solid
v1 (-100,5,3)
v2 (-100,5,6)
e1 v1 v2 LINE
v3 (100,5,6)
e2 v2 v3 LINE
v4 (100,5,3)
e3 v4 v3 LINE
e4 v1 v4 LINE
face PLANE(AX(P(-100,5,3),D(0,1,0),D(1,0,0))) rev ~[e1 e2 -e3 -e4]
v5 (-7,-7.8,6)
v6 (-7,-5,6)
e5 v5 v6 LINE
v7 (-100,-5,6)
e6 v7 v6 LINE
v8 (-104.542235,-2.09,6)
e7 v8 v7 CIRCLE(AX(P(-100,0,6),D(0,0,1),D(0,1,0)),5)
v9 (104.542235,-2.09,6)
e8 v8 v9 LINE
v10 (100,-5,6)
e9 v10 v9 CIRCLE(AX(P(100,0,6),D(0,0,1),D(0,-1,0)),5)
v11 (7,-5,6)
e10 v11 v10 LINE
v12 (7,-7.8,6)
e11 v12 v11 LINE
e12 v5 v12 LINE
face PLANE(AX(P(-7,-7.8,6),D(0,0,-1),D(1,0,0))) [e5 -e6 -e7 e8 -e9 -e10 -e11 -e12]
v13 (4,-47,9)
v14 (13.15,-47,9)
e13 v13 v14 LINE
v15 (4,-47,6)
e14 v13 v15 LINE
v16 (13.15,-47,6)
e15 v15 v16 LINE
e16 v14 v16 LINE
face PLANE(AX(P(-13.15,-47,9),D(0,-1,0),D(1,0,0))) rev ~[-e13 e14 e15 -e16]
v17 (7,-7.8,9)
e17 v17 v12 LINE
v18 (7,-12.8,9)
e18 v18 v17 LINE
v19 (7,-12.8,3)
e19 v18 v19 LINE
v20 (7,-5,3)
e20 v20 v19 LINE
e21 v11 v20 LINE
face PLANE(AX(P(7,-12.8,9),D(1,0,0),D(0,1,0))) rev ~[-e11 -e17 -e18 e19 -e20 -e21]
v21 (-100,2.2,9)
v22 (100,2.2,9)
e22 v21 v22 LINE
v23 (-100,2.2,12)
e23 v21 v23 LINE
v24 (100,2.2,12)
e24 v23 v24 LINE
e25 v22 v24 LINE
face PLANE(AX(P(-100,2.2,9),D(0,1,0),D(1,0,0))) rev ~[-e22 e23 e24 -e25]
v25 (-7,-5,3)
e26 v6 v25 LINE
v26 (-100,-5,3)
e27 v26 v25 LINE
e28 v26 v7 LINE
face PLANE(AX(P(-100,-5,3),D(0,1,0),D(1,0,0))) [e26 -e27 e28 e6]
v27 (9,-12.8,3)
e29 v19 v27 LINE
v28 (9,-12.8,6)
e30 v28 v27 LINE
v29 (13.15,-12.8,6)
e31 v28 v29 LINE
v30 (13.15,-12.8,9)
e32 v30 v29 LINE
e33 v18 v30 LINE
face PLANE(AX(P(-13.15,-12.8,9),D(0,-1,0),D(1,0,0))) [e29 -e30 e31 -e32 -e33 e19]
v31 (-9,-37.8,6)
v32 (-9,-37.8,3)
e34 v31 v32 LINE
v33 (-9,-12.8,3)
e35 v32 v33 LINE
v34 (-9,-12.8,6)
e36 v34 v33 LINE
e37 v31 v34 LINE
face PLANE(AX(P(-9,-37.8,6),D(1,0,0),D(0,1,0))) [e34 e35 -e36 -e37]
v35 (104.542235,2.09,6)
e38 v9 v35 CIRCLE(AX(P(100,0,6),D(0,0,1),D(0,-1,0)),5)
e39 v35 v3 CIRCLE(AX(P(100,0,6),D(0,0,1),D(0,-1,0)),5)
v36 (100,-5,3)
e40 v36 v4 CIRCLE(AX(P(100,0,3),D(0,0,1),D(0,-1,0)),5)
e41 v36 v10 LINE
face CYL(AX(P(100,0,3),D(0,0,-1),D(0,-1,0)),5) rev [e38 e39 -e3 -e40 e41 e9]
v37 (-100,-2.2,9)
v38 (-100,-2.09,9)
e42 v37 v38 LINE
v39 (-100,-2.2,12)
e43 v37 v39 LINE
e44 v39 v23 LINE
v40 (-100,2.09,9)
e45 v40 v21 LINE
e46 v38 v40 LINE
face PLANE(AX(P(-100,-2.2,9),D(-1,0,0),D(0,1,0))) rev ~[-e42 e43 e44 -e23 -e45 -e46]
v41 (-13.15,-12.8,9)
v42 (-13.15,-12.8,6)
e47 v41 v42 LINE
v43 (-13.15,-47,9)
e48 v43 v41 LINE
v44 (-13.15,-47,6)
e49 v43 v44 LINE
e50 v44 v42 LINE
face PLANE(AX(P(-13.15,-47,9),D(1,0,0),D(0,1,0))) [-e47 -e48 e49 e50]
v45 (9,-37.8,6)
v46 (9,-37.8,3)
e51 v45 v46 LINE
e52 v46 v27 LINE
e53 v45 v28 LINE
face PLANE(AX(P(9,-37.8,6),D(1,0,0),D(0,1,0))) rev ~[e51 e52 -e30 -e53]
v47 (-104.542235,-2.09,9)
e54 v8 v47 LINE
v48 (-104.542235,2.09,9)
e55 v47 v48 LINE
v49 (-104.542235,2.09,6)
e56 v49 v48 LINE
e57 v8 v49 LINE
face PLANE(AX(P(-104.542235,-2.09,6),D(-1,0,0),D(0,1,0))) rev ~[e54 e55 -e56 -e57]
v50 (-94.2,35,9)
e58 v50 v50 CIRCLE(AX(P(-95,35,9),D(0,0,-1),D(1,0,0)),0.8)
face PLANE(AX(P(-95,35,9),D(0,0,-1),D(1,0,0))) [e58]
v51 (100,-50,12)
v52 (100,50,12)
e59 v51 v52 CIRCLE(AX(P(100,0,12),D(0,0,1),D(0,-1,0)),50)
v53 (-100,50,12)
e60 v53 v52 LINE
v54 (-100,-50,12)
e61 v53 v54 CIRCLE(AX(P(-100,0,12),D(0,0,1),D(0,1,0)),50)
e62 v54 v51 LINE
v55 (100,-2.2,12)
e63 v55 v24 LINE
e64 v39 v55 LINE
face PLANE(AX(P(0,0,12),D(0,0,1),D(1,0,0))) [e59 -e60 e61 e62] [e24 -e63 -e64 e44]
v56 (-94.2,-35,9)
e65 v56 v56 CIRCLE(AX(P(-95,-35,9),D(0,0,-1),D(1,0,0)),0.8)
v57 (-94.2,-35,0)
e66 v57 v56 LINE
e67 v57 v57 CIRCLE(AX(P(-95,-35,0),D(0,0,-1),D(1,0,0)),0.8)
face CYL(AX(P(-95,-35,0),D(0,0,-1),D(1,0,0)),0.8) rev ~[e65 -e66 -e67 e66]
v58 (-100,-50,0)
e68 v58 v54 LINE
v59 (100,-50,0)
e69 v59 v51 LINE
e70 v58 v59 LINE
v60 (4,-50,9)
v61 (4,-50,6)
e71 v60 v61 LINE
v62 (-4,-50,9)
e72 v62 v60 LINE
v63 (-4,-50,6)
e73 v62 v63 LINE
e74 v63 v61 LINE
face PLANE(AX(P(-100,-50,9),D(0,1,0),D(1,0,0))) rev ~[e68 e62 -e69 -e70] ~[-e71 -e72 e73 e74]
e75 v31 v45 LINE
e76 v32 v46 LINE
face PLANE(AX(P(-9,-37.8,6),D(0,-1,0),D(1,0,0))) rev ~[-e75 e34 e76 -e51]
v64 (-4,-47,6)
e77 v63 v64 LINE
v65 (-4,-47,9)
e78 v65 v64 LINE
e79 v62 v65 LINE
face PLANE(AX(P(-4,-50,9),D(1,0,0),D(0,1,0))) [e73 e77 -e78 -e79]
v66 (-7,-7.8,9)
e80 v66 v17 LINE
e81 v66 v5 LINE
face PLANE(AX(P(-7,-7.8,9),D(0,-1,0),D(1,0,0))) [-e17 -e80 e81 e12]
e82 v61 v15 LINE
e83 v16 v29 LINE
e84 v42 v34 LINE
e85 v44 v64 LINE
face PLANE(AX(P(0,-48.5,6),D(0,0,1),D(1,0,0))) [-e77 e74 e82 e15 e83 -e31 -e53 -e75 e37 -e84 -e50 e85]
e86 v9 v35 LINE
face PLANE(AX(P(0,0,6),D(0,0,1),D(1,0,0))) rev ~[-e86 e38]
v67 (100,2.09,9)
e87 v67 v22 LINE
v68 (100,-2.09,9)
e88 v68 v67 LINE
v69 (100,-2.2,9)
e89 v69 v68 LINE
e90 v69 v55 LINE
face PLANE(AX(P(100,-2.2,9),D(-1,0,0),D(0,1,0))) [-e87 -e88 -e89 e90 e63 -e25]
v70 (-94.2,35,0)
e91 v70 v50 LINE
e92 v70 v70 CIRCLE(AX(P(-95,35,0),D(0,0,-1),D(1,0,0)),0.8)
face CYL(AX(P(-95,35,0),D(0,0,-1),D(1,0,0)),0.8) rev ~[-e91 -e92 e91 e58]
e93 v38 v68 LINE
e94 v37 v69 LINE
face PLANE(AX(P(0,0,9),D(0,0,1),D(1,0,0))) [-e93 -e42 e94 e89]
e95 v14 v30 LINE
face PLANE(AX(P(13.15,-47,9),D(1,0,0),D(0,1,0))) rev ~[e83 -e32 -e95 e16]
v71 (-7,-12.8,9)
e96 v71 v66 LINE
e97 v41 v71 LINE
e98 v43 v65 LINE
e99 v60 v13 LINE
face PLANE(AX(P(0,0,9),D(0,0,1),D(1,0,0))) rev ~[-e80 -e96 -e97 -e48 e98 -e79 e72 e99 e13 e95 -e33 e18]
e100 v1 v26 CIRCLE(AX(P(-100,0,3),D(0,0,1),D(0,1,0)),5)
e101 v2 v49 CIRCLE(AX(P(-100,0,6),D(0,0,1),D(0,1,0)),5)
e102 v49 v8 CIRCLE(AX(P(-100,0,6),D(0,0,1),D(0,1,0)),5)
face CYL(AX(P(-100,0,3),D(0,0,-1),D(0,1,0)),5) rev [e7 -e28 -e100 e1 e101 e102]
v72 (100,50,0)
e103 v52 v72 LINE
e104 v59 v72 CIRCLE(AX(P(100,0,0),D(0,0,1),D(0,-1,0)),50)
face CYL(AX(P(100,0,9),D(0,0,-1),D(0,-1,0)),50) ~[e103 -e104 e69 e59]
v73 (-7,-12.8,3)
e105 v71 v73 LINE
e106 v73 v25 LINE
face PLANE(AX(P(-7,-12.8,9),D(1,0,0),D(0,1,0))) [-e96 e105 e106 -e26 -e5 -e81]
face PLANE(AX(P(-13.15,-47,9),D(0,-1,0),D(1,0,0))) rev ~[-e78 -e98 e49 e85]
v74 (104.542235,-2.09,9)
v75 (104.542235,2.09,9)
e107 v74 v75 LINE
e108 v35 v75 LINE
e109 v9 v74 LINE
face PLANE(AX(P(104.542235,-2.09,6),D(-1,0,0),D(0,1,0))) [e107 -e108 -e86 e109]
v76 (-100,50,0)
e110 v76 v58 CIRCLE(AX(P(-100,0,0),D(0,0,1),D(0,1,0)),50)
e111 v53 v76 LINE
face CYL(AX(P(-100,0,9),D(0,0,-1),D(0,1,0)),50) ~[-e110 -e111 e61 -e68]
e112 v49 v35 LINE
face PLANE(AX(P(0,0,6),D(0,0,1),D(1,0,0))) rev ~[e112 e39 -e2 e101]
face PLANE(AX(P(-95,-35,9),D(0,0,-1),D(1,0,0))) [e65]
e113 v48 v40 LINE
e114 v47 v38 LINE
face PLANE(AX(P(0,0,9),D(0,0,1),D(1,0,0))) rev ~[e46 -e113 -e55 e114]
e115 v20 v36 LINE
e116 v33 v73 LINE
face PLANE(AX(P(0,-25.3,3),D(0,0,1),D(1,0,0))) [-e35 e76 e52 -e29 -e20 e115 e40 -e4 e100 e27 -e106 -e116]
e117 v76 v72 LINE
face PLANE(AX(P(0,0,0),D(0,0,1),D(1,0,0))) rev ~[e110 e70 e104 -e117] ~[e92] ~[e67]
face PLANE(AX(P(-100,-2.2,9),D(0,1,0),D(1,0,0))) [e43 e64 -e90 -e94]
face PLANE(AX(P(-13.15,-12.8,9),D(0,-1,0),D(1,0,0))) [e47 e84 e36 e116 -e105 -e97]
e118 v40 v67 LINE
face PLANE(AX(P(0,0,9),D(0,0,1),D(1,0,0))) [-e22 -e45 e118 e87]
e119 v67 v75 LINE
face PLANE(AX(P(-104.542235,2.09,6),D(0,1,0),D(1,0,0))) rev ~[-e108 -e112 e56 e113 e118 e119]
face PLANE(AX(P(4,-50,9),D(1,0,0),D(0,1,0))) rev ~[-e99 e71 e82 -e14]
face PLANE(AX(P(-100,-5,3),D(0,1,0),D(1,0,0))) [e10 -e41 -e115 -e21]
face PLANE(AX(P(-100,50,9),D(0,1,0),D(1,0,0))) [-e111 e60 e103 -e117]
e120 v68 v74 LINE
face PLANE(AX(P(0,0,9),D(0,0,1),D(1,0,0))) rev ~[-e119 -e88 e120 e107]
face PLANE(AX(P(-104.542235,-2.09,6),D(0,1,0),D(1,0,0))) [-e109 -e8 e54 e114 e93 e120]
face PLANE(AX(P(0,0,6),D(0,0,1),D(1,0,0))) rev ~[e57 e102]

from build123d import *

# Parameters (mm, degrees)
PAD_DEPTH       = 3
PAD001_DEPTH    = 3
SKETCH002_W     = 209.08447
SKETCH002_H     = 4.18
PAD002_DEPTH    = 3
SKETCH003_W     = 26.3
SKETCH003_H     = 34.2
POCKET_DEPTH    = 3
SKETCH004_W     = 18
SKETCH004_H     = 25
POCKET001_DEPTH = 3
SKETCH005_W     = 14
SKETCH005_H     = 5
POCKET002_DEPTH = 6
SKETCH006_W     = 14
SKETCH006_H     = 3
POCKET003_DEPTH = 3
SKETCH007_W     = 8
SKETCH007_H     = 3
POCKET004_DEPTH = 3
SKETCH008_W     = 200
SKETCH008_H     = 4.4
PAD003_DEPTH    = 3
SKETCH009_R     = 0.8
POCKET005_DEPTH = 9


with BuildPart() as part:
    # Sketch → Pad (new body)
    with BuildSketch(Plane.XY):
        with BuildLine():
            ThreePointArc((-100, 50), (-150, 0), (-100, -50))
            Line((-100, -50), (100, -50))
            ThreePointArc((100, -50), (150, 0), (100, 50))
            Line((-100, 50), (100, 50))
        make_face()
    extrude(amount=PAD_DEPTH)

    # Sketch001 (on Face6 of Pad) → Pad001 (join)
    with BuildSketch(Plane.XY.offset(3)):
        with BuildLine():
            ThreePointArc((-100, 50), (-150, 0), (-100, -50))
            Line((-100, -50), (100, -50))
            ThreePointArc((100, -50), (150, 0), (100, 50))
            Line((-100, 50), (100, 50))
        make_face()
        with BuildLine():
            ThreePointArc((-100, 5), (-105, 0), (-100, -5))
            Line((-100, -5), (100, -5))
            ThreePointArc((100, -5), (105, 0), (100, 5))
            Line((-100, 5), (100, 5))
        make_face(mode=Mode.SUBTRACT)
    extrude(amount=PAD001_DEPTH)

    # Sketch002 (on Face9 of Pad001) → Pad002 (join)
    with BuildSketch(Plane.XY.offset(6)):
        with BuildLine():
            ThreePointArc((-100, 50), (-150, 0), (-100, -50))
            Line((-100, -50), (100, -50))
            ThreePointArc((100, -50), (150, 0), (100, 50))
            Line((-100, 50), (100, 50))
        make_face()
        Rectangle(SKETCH002_W, SKETCH002_H, mode=Mode.SUBTRACT)
    extrude(amount=PAD002_DEPTH)

    # Sketch003 (on Face13 of Pad002) → Pocket (cut)
    with BuildSketch(Plane.XY.offset(9)):
        with Locations((0, -29.9)):
            Rectangle(SKETCH003_W, SKETCH003_H)
    extrude(amount=-POCKET_DEPTH, mode=Mode.SUBTRACT)

    # Sketch004 (on Face27 of Pocket) → Pocket001 (cut)
    with BuildSketch(Plane.XY.offset(6)):
        with Locations((0, -25.3)):
            Rectangle(SKETCH004_W, SKETCH004_H)
    extrude(amount=-POCKET001_DEPTH, mode=Mode.SUBTRACT)

    # Sketch005 (on Face13 of Pocket001) → Pocket002 (cut)
    with BuildSketch(Plane.XY.offset(9)):
        with Locations((0, -10.3)):
            Rectangle(SKETCH005_W, SKETCH005_H)
    extrude(amount=-POCKET002_DEPTH, mode=Mode.SUBTRACT)

    # Sketch006 (on Face23 of Pocket002) → Pocket003 (cut)
    with BuildSketch(Plane.XZ.offset(7.8)):
        with Locations((0, 4.5)):
            Rectangle(SKETCH006_W, SKETCH006_H)
    extrude(amount=-POCKET003_DEPTH, mode=Mode.SUBTRACT)

    # Sketch007 (on Face13 of Pocket003) → Pocket004 (cut)
    with BuildSketch(Plane.XY.offset(9)):
        with Locations((0, -48.5)):
            Rectangle(SKETCH007_W, SKETCH007_H)
    extrude(amount=-POCKET004_DEPTH, mode=Mode.SUBTRACT)

    # Sketch008 (on Face15 of Pocket004) → Pad003 (join)
    with BuildSketch(Plane.XY.offset(9)):
        with BuildLine():
            ThreePointArc((-100, 50), (-150, 0), (-100, -50))
            Line((-100, -50), (100, -50))
            ThreePointArc((100, -50), (150, 0), (100, 50))
            Line((-100, 50), (100, 50))
        make_face()
        Rectangle(SKETCH008_W, SKETCH008_H, mode=Mode.SUBTRACT)
    extrude(amount=PAD003_DEPTH)

    # Sketch009 (on Face4 of Pad003) → Pocket005 (cut)
    with BuildSketch(Plane(origin=(0, 0, 0), x_dir=(1, 0, 0), z_dir=(0, 0, -1))):
        with Locations((-95, 35)):
            Circle(SKETCH009_R)
        with Locations((-95, -35)):
            Circle(SKETCH009_R)
    extrude(amount=-POCKET005_DEPTH, mode=Mode.SUBTRACT)


solid = part.part
